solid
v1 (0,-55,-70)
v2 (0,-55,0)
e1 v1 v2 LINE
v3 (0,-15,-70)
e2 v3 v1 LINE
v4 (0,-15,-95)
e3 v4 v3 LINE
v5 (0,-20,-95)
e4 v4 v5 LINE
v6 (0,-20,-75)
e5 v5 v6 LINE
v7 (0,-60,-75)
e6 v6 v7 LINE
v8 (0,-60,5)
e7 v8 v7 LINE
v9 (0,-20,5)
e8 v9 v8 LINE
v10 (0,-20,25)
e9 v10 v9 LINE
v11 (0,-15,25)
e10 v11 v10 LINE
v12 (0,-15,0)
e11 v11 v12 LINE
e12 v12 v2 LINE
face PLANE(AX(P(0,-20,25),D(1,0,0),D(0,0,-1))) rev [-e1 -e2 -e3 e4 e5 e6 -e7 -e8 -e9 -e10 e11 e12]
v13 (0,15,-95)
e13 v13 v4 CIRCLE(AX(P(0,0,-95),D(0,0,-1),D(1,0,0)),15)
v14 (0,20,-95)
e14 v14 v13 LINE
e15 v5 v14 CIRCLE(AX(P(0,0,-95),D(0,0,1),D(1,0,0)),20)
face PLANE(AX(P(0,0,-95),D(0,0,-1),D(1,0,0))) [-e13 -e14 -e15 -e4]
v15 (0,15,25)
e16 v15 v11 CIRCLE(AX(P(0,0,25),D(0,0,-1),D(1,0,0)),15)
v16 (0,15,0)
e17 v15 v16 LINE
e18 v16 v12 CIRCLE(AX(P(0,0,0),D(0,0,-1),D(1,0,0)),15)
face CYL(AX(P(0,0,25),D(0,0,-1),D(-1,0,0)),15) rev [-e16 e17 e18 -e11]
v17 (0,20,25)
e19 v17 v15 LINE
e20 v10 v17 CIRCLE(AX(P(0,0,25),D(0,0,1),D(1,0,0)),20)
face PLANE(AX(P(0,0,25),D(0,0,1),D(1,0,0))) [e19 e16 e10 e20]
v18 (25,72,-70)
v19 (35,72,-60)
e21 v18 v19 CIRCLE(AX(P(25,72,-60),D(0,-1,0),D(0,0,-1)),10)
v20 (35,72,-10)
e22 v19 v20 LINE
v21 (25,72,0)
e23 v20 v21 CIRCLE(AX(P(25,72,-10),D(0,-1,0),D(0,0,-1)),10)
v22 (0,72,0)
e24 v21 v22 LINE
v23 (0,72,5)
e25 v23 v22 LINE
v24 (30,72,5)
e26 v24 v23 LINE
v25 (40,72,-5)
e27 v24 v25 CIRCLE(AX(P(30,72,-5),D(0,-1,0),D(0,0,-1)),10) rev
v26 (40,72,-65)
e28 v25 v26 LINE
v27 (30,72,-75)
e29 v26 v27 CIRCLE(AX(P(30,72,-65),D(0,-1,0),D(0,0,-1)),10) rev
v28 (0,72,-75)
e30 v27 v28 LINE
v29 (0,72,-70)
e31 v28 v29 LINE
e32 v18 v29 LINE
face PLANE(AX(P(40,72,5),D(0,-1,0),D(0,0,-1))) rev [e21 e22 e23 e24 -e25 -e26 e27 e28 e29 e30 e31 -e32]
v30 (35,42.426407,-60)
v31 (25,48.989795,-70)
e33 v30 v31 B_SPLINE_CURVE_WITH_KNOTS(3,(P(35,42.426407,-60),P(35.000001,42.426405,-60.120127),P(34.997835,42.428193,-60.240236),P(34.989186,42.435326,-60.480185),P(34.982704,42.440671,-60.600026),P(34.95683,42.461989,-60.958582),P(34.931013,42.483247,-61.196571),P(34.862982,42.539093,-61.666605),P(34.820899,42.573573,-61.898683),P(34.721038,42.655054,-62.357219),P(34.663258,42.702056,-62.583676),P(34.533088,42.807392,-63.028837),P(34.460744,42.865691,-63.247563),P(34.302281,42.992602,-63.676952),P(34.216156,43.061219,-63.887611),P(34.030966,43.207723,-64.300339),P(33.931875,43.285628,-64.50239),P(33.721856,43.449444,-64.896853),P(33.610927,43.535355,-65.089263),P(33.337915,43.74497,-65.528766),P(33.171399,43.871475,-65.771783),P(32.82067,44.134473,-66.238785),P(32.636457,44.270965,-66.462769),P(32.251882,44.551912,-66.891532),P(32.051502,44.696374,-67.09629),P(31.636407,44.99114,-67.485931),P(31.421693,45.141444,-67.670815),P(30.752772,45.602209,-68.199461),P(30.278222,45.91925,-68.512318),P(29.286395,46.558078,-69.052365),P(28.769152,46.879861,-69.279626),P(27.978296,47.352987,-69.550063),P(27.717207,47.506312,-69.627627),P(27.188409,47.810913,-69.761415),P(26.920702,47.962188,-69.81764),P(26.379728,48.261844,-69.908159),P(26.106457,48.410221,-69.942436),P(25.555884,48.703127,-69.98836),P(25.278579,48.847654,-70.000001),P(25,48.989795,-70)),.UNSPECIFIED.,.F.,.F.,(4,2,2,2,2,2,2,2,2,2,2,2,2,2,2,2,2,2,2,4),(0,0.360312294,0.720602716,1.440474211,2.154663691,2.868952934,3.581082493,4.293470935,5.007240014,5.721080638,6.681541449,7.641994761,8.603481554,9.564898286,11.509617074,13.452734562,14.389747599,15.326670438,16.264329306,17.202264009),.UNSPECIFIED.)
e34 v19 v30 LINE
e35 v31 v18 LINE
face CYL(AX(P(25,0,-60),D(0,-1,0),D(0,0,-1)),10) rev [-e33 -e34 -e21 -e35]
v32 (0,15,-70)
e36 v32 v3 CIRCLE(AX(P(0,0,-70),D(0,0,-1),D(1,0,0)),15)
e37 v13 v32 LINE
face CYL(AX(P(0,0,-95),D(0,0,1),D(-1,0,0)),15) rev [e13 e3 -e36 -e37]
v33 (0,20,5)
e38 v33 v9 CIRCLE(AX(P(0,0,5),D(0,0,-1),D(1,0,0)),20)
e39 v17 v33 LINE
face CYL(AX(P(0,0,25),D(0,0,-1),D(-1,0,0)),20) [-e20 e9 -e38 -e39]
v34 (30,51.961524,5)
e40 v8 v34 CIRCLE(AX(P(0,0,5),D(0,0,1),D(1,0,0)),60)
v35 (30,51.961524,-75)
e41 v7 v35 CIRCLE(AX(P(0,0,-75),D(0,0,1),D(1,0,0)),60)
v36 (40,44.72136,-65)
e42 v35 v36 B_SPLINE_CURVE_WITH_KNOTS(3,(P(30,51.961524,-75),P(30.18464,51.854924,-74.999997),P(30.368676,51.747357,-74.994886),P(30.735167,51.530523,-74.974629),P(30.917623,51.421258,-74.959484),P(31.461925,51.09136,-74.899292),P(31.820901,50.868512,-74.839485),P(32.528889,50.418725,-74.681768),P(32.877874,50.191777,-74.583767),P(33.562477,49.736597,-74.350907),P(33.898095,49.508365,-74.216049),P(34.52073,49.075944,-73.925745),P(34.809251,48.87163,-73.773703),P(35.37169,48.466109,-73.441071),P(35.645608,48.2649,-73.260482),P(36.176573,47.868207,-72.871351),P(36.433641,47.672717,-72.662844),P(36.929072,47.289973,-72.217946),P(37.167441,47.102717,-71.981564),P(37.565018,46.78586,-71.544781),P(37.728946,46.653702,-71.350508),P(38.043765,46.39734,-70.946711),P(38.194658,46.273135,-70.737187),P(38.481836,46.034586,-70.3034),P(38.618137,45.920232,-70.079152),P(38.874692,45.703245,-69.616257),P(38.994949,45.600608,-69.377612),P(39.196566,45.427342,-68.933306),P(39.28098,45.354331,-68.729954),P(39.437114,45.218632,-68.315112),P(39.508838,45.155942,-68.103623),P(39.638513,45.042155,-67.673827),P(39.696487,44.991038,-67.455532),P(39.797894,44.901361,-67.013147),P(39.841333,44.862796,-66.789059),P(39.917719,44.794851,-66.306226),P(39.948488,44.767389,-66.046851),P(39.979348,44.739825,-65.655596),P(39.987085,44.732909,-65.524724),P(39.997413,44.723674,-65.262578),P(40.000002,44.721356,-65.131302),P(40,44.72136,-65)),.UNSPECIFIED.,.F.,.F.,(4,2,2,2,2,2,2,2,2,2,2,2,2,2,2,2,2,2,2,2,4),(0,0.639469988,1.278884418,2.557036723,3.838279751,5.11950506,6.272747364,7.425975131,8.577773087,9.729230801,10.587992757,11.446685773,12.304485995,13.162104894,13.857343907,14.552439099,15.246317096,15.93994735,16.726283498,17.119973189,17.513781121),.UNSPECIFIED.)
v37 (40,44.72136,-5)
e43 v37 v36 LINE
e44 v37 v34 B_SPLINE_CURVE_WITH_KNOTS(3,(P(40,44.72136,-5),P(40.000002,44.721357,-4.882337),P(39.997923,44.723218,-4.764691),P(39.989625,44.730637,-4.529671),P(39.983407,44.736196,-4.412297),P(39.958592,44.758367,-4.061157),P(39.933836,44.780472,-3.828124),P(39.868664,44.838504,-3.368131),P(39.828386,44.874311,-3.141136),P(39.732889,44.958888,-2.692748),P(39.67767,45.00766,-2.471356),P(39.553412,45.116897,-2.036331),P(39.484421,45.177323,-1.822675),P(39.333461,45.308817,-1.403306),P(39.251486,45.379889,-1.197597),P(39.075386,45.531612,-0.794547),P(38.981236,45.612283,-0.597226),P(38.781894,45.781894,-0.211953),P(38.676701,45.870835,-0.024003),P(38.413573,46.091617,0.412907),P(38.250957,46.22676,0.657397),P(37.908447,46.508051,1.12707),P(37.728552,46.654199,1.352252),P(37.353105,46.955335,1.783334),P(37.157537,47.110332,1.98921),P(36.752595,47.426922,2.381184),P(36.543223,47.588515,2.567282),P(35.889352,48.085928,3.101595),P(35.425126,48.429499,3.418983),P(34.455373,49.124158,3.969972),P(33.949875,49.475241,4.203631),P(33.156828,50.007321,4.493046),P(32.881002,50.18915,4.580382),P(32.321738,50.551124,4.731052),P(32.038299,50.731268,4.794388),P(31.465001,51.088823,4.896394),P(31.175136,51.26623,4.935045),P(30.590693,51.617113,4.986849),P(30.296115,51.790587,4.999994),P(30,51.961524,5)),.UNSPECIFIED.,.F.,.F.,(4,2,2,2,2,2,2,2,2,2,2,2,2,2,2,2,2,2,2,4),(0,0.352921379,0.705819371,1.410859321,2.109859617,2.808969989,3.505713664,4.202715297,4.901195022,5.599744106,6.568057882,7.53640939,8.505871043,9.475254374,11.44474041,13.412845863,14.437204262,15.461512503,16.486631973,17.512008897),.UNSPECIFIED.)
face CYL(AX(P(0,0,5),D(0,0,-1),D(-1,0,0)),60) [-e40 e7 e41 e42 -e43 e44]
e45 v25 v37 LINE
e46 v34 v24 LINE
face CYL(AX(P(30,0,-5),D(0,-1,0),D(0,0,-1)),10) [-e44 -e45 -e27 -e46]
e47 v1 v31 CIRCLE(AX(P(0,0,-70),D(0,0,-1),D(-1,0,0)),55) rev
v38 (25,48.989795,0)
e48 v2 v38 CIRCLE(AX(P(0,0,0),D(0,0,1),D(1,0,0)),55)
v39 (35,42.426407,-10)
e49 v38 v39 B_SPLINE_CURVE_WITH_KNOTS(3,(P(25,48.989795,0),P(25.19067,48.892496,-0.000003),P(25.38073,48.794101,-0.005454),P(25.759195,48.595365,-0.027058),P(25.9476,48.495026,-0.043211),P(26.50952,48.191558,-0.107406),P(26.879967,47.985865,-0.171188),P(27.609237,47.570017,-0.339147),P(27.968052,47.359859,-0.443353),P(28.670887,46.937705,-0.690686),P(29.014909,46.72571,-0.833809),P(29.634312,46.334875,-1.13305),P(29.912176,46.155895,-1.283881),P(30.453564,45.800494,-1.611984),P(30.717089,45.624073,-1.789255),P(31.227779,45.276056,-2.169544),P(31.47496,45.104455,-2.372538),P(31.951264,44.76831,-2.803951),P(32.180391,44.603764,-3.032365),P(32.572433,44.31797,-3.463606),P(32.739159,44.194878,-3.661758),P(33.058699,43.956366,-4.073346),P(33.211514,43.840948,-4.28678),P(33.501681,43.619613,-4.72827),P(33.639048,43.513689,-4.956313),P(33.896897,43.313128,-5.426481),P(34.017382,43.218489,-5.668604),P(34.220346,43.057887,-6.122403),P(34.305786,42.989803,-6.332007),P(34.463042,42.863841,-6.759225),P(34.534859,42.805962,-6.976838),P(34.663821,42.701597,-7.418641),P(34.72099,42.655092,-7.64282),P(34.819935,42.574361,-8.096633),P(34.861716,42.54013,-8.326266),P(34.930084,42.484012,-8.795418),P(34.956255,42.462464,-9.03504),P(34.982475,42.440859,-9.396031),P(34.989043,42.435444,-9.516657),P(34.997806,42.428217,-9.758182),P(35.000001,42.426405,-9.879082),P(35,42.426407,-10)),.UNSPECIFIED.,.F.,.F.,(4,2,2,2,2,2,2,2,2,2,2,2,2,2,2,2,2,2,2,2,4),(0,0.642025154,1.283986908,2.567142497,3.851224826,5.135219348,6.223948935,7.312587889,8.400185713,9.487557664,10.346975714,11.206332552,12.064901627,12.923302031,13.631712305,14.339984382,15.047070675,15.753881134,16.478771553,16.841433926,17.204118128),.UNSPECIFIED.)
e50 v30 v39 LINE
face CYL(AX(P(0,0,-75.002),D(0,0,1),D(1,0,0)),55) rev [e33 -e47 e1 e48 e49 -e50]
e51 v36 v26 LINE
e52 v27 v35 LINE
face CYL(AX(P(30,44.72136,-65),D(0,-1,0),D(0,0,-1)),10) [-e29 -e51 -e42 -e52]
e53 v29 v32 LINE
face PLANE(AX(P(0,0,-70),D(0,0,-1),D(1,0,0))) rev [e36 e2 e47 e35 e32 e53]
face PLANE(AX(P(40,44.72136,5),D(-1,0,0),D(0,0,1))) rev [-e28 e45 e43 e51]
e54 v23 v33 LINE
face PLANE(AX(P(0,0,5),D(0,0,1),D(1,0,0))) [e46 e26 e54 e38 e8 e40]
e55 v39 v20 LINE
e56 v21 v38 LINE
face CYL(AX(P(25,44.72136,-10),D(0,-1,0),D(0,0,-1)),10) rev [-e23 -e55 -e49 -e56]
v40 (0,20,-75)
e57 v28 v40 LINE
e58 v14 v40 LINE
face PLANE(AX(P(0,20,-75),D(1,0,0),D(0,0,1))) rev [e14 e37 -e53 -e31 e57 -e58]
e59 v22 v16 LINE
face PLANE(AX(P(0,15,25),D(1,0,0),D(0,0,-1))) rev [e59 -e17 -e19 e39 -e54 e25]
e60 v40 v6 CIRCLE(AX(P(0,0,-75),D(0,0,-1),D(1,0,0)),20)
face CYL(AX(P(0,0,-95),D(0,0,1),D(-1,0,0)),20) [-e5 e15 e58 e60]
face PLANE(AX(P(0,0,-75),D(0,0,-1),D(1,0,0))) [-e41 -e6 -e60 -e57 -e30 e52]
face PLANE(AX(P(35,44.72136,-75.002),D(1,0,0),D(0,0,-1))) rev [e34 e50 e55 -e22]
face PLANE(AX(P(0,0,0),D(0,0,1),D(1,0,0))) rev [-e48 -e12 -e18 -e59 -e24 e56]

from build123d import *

# Parameters (mm, degrees)
BOSS_EXTRUDE1_DEPTH = 25
BOSS_EXTRUDE3_DEPTH = 5
EXTRUDE_THIN2_START = -70
EXTRUDE_THIN2_DEPTH = 70
FILLET1_R           = 10


with BuildPart() as part:
    # Sketch1 → Boss-Extrude1 (new body)
    with BuildSketch(Plane.XY):
        with BuildLine():
            Line((0, -20), (0, -15))
            ThreePointArc((0, -15), (15, 0), (0, 15))
            Line((0, 15), (0, 20))
            ThreePointArc((0, 20), (20, 0), (0, -20))
        make_face()
    extrude(amount=BOSS_EXTRUDE1_DEPTH)


with BuildPart() as body_2:
    # Sketch3 → Boss-Extrude3 (new body)
    with BuildSketch(Plane.XY):
        with BuildLine():
            Line((0, -20), (0, -60))
            ThreePointArc((0, -60), (56.050341538, -21.409325386), (40, 44.72135955))
            Line((40, 44.72135955), (40, 72))
            Line((40, 72), (0, 72))
            Line((0, 72), (0, 60))
            Line((0, 60), (0, 20))
            ThreePointArc((0, 20), (20, 0), (0, -20))
        make_face()
    extrude(amount=BOSS_EXTRUDE3_DEPTH)


with BuildPart() as body_3:
    # Mirror5: mirrored copy
    add(part.part.mirror(Plane.XY.offset(-35)))


with BuildPart() as body_4:
    # Mirror5 2: mirrored copy
    add(body_2.part.mirror(Plane.XY.offset(-35)))


with BuildPart() as part_1:
    add(part.part)

    add(body_2.part)  # Extrude-Thin2 merges body 2

    add(body_4.part)  # Extrude-Thin2 merges body 4

    add(body_3.part)  # Extrude-Thin2 merges body 3
    # Sketch5 → Extrude-Thin2 (add)
    with BuildSketch(Plane.XY.offset(EXTRUDE_THIN2_START)):
        with BuildLine():
            ThreePointArc((0, -60), (56.050341538, -21.409325386), (40, 44.72135955))
            Line((40, 44.72135955), (40, 72))
            Line((40, 72), (35, 72))
            Line((35, 72), (35, 42.426406871))
            ThreePointArc((35, 42.426406871), (51.76124215, -18.594994247), (0, -55))
            Line((0, -55), (0, -60))
        make_face()
    extrude(amount=EXTRUDE_THIN2_DEPTH)

    # Fillet1
    fillet1_edges = [part_1.edges().sort_by_distance(p)[0] for p in [
        (40, 58.360679775, 5),
        (35, 57.213203436, -70),
        (35, 57.213203436, 0),
        (40, 58.360679775, -75),
    ]]
    fillet(fillet1_edges, radius=FILLET1_R)


solid = part_1.part
